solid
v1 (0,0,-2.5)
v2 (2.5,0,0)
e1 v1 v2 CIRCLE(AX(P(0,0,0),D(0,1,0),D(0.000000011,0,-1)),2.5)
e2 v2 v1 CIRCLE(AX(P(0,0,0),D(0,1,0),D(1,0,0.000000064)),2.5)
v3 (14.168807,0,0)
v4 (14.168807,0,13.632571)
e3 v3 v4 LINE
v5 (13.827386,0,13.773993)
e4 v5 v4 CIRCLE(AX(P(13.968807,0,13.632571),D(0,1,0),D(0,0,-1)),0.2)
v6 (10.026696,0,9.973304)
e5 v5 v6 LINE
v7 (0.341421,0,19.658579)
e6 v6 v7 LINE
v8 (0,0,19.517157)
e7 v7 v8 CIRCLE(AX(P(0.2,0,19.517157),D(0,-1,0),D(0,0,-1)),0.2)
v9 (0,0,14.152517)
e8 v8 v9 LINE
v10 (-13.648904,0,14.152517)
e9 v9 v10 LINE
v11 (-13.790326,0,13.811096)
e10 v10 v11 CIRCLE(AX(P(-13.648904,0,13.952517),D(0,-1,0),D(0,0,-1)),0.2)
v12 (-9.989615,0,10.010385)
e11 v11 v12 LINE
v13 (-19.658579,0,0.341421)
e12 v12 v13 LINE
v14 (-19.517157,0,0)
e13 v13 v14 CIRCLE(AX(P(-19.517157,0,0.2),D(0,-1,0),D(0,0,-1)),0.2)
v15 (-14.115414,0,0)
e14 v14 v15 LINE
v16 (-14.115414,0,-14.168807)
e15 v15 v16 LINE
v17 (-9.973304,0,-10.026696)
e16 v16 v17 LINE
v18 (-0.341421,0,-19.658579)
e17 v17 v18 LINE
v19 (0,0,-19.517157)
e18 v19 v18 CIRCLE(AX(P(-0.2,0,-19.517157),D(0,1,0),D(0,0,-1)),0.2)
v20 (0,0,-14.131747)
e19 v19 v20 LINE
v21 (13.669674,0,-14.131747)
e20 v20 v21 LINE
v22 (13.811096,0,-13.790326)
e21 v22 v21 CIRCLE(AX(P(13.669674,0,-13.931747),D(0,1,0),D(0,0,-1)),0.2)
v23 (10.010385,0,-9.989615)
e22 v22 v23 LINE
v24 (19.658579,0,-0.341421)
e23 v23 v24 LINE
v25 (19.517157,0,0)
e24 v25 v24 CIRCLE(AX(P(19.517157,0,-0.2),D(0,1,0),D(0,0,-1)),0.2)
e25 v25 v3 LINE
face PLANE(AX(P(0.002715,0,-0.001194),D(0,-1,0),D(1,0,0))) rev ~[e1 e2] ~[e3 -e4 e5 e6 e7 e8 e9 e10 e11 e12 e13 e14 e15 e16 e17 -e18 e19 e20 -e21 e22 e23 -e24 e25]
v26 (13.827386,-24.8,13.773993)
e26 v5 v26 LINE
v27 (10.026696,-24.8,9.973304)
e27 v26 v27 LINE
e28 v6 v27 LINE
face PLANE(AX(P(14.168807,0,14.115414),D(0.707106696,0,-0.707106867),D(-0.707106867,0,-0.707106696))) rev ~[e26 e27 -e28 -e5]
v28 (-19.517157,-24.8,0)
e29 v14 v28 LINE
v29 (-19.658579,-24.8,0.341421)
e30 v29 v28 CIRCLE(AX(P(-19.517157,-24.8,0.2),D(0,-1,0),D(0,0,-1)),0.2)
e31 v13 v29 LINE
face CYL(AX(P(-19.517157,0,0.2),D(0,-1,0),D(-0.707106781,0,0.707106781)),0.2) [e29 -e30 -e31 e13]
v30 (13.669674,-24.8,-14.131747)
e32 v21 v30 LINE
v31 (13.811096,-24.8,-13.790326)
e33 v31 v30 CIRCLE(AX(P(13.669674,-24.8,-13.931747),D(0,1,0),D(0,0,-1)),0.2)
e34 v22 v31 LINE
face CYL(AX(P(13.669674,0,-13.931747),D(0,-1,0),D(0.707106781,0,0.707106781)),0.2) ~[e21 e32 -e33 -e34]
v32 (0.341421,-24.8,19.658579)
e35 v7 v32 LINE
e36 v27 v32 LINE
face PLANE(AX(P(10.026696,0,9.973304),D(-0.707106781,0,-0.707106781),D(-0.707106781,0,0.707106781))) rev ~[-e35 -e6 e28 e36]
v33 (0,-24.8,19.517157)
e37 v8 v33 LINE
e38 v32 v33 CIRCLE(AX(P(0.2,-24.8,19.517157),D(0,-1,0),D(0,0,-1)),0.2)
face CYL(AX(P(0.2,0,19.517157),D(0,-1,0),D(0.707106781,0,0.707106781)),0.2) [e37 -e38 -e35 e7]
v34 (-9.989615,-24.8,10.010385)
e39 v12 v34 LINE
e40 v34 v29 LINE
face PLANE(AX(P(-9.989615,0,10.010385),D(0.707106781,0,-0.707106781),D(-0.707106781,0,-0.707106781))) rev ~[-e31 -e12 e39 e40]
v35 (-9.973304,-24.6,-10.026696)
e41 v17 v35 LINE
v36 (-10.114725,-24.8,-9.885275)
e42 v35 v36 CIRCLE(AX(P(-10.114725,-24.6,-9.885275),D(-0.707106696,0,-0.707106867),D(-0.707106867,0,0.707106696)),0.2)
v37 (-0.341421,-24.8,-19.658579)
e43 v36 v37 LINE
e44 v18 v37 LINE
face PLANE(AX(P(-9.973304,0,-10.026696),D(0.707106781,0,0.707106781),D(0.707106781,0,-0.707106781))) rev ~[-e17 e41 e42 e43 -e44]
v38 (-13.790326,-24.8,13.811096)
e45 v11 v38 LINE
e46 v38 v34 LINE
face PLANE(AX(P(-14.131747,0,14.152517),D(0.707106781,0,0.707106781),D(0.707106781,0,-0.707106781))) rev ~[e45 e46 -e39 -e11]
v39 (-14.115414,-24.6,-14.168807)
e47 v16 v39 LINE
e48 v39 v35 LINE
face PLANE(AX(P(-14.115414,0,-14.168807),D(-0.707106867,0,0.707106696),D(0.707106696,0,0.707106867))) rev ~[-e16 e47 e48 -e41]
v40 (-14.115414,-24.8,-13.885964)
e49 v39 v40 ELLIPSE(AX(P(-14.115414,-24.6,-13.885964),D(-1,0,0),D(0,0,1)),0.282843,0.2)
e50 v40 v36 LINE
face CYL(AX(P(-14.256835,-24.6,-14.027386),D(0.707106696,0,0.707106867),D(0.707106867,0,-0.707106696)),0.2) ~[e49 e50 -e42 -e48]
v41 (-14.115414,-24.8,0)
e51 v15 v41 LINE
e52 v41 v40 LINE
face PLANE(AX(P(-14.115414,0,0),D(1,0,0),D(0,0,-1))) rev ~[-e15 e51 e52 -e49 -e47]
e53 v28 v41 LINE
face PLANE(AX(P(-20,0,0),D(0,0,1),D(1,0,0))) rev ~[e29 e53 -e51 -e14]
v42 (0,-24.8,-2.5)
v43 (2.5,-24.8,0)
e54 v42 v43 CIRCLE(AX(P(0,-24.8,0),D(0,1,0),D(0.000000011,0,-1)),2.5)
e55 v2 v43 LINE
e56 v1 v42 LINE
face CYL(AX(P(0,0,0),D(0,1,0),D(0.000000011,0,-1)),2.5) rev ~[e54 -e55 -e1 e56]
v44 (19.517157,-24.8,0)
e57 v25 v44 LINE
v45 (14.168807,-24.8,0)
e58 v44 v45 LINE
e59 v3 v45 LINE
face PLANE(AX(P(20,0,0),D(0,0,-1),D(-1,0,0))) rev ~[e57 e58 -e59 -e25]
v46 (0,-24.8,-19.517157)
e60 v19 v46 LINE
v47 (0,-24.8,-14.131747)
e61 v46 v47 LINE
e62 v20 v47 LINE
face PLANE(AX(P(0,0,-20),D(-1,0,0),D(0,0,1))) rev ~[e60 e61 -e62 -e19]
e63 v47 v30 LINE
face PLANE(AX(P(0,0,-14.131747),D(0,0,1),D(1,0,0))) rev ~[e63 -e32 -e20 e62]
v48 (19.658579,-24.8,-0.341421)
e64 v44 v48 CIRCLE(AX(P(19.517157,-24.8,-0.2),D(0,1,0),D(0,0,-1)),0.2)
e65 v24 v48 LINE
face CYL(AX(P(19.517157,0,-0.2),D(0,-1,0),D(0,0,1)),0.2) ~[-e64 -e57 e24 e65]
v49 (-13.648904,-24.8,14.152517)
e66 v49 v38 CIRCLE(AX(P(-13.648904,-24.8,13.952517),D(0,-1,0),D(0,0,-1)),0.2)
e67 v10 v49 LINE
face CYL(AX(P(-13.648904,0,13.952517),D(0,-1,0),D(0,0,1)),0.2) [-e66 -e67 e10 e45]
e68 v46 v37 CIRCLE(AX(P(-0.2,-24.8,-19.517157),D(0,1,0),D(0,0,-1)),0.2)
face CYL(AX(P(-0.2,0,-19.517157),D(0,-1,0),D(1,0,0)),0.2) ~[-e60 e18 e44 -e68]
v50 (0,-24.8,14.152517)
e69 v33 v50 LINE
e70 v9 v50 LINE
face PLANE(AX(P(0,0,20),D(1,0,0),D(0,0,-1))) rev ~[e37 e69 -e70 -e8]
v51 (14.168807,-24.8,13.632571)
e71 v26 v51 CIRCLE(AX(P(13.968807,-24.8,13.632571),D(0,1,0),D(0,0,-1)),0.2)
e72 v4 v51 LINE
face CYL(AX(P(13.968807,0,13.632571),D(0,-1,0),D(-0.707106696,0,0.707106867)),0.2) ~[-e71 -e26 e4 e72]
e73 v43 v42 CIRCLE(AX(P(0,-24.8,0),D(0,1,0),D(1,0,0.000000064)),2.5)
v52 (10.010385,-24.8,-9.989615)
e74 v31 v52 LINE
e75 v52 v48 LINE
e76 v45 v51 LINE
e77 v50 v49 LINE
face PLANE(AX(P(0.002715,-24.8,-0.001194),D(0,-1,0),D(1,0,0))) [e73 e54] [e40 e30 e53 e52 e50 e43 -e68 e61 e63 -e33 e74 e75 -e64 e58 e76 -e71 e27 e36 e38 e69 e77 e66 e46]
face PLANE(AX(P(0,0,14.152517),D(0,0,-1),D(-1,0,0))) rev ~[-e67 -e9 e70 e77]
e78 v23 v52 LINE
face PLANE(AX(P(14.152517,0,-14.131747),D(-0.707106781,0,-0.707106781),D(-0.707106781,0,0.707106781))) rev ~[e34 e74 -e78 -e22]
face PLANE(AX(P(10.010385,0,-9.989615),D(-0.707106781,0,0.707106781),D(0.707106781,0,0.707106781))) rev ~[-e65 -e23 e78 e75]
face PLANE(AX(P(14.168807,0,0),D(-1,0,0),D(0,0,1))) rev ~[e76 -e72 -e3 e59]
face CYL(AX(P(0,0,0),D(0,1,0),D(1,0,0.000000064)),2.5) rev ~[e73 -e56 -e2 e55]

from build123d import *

# Parameters (mm, degrees)
F1_DEPTH = 24.8
F2_R     = 0.2


with BuildPart() as f1:
    # F0 (on Front) → F1 (new body)
    with BuildSketch(Plane.XZ):
        Polygon((10.026696, 9.973304), (0, 20), (0, 14.152517), (-14.131747, 14.152517), (-9.989615, 10.010385), (-20, 0), (-14.115414, 0), (-14.115414, -14.168807), (-9.973304, -10.026696), (0, -20), (0, -14.131747), (14.152517, -14.131747), (10.010385, -9.989615), (20, 0), (14.168807, 0), (14.168807, 14.115414), align=None)
        with BuildLine():
            ThreePointArc((0, -2.5), (-1.767767, 1.767767), (2.5, 0))
            ThreePointArc((2.5, 0), (1.767767, -1.767767), (0, -2.5))
        make_face(mode=Mode.SUBTRACT)
    extrude(amount=F1_DEPTH)

    # F2
    f2_edges = [f1.edges().sort_by_distance(p)[0] for p in [
        (0, -12.4, 20),
        (14.168807, -12.4, 14.115414),
        (20, -12.4, 0),
        (14.152517, -12.4, -14.131747),
        (0, -12.4, -20),
        (-12.044359, -24.8, -12.097752),
        (-20, -12.4, 0),
        (-14.131747, -12.4, 14.152517),
    ]]
    fillet(f2_edges, radius=F2_R)


solid = f1.part
